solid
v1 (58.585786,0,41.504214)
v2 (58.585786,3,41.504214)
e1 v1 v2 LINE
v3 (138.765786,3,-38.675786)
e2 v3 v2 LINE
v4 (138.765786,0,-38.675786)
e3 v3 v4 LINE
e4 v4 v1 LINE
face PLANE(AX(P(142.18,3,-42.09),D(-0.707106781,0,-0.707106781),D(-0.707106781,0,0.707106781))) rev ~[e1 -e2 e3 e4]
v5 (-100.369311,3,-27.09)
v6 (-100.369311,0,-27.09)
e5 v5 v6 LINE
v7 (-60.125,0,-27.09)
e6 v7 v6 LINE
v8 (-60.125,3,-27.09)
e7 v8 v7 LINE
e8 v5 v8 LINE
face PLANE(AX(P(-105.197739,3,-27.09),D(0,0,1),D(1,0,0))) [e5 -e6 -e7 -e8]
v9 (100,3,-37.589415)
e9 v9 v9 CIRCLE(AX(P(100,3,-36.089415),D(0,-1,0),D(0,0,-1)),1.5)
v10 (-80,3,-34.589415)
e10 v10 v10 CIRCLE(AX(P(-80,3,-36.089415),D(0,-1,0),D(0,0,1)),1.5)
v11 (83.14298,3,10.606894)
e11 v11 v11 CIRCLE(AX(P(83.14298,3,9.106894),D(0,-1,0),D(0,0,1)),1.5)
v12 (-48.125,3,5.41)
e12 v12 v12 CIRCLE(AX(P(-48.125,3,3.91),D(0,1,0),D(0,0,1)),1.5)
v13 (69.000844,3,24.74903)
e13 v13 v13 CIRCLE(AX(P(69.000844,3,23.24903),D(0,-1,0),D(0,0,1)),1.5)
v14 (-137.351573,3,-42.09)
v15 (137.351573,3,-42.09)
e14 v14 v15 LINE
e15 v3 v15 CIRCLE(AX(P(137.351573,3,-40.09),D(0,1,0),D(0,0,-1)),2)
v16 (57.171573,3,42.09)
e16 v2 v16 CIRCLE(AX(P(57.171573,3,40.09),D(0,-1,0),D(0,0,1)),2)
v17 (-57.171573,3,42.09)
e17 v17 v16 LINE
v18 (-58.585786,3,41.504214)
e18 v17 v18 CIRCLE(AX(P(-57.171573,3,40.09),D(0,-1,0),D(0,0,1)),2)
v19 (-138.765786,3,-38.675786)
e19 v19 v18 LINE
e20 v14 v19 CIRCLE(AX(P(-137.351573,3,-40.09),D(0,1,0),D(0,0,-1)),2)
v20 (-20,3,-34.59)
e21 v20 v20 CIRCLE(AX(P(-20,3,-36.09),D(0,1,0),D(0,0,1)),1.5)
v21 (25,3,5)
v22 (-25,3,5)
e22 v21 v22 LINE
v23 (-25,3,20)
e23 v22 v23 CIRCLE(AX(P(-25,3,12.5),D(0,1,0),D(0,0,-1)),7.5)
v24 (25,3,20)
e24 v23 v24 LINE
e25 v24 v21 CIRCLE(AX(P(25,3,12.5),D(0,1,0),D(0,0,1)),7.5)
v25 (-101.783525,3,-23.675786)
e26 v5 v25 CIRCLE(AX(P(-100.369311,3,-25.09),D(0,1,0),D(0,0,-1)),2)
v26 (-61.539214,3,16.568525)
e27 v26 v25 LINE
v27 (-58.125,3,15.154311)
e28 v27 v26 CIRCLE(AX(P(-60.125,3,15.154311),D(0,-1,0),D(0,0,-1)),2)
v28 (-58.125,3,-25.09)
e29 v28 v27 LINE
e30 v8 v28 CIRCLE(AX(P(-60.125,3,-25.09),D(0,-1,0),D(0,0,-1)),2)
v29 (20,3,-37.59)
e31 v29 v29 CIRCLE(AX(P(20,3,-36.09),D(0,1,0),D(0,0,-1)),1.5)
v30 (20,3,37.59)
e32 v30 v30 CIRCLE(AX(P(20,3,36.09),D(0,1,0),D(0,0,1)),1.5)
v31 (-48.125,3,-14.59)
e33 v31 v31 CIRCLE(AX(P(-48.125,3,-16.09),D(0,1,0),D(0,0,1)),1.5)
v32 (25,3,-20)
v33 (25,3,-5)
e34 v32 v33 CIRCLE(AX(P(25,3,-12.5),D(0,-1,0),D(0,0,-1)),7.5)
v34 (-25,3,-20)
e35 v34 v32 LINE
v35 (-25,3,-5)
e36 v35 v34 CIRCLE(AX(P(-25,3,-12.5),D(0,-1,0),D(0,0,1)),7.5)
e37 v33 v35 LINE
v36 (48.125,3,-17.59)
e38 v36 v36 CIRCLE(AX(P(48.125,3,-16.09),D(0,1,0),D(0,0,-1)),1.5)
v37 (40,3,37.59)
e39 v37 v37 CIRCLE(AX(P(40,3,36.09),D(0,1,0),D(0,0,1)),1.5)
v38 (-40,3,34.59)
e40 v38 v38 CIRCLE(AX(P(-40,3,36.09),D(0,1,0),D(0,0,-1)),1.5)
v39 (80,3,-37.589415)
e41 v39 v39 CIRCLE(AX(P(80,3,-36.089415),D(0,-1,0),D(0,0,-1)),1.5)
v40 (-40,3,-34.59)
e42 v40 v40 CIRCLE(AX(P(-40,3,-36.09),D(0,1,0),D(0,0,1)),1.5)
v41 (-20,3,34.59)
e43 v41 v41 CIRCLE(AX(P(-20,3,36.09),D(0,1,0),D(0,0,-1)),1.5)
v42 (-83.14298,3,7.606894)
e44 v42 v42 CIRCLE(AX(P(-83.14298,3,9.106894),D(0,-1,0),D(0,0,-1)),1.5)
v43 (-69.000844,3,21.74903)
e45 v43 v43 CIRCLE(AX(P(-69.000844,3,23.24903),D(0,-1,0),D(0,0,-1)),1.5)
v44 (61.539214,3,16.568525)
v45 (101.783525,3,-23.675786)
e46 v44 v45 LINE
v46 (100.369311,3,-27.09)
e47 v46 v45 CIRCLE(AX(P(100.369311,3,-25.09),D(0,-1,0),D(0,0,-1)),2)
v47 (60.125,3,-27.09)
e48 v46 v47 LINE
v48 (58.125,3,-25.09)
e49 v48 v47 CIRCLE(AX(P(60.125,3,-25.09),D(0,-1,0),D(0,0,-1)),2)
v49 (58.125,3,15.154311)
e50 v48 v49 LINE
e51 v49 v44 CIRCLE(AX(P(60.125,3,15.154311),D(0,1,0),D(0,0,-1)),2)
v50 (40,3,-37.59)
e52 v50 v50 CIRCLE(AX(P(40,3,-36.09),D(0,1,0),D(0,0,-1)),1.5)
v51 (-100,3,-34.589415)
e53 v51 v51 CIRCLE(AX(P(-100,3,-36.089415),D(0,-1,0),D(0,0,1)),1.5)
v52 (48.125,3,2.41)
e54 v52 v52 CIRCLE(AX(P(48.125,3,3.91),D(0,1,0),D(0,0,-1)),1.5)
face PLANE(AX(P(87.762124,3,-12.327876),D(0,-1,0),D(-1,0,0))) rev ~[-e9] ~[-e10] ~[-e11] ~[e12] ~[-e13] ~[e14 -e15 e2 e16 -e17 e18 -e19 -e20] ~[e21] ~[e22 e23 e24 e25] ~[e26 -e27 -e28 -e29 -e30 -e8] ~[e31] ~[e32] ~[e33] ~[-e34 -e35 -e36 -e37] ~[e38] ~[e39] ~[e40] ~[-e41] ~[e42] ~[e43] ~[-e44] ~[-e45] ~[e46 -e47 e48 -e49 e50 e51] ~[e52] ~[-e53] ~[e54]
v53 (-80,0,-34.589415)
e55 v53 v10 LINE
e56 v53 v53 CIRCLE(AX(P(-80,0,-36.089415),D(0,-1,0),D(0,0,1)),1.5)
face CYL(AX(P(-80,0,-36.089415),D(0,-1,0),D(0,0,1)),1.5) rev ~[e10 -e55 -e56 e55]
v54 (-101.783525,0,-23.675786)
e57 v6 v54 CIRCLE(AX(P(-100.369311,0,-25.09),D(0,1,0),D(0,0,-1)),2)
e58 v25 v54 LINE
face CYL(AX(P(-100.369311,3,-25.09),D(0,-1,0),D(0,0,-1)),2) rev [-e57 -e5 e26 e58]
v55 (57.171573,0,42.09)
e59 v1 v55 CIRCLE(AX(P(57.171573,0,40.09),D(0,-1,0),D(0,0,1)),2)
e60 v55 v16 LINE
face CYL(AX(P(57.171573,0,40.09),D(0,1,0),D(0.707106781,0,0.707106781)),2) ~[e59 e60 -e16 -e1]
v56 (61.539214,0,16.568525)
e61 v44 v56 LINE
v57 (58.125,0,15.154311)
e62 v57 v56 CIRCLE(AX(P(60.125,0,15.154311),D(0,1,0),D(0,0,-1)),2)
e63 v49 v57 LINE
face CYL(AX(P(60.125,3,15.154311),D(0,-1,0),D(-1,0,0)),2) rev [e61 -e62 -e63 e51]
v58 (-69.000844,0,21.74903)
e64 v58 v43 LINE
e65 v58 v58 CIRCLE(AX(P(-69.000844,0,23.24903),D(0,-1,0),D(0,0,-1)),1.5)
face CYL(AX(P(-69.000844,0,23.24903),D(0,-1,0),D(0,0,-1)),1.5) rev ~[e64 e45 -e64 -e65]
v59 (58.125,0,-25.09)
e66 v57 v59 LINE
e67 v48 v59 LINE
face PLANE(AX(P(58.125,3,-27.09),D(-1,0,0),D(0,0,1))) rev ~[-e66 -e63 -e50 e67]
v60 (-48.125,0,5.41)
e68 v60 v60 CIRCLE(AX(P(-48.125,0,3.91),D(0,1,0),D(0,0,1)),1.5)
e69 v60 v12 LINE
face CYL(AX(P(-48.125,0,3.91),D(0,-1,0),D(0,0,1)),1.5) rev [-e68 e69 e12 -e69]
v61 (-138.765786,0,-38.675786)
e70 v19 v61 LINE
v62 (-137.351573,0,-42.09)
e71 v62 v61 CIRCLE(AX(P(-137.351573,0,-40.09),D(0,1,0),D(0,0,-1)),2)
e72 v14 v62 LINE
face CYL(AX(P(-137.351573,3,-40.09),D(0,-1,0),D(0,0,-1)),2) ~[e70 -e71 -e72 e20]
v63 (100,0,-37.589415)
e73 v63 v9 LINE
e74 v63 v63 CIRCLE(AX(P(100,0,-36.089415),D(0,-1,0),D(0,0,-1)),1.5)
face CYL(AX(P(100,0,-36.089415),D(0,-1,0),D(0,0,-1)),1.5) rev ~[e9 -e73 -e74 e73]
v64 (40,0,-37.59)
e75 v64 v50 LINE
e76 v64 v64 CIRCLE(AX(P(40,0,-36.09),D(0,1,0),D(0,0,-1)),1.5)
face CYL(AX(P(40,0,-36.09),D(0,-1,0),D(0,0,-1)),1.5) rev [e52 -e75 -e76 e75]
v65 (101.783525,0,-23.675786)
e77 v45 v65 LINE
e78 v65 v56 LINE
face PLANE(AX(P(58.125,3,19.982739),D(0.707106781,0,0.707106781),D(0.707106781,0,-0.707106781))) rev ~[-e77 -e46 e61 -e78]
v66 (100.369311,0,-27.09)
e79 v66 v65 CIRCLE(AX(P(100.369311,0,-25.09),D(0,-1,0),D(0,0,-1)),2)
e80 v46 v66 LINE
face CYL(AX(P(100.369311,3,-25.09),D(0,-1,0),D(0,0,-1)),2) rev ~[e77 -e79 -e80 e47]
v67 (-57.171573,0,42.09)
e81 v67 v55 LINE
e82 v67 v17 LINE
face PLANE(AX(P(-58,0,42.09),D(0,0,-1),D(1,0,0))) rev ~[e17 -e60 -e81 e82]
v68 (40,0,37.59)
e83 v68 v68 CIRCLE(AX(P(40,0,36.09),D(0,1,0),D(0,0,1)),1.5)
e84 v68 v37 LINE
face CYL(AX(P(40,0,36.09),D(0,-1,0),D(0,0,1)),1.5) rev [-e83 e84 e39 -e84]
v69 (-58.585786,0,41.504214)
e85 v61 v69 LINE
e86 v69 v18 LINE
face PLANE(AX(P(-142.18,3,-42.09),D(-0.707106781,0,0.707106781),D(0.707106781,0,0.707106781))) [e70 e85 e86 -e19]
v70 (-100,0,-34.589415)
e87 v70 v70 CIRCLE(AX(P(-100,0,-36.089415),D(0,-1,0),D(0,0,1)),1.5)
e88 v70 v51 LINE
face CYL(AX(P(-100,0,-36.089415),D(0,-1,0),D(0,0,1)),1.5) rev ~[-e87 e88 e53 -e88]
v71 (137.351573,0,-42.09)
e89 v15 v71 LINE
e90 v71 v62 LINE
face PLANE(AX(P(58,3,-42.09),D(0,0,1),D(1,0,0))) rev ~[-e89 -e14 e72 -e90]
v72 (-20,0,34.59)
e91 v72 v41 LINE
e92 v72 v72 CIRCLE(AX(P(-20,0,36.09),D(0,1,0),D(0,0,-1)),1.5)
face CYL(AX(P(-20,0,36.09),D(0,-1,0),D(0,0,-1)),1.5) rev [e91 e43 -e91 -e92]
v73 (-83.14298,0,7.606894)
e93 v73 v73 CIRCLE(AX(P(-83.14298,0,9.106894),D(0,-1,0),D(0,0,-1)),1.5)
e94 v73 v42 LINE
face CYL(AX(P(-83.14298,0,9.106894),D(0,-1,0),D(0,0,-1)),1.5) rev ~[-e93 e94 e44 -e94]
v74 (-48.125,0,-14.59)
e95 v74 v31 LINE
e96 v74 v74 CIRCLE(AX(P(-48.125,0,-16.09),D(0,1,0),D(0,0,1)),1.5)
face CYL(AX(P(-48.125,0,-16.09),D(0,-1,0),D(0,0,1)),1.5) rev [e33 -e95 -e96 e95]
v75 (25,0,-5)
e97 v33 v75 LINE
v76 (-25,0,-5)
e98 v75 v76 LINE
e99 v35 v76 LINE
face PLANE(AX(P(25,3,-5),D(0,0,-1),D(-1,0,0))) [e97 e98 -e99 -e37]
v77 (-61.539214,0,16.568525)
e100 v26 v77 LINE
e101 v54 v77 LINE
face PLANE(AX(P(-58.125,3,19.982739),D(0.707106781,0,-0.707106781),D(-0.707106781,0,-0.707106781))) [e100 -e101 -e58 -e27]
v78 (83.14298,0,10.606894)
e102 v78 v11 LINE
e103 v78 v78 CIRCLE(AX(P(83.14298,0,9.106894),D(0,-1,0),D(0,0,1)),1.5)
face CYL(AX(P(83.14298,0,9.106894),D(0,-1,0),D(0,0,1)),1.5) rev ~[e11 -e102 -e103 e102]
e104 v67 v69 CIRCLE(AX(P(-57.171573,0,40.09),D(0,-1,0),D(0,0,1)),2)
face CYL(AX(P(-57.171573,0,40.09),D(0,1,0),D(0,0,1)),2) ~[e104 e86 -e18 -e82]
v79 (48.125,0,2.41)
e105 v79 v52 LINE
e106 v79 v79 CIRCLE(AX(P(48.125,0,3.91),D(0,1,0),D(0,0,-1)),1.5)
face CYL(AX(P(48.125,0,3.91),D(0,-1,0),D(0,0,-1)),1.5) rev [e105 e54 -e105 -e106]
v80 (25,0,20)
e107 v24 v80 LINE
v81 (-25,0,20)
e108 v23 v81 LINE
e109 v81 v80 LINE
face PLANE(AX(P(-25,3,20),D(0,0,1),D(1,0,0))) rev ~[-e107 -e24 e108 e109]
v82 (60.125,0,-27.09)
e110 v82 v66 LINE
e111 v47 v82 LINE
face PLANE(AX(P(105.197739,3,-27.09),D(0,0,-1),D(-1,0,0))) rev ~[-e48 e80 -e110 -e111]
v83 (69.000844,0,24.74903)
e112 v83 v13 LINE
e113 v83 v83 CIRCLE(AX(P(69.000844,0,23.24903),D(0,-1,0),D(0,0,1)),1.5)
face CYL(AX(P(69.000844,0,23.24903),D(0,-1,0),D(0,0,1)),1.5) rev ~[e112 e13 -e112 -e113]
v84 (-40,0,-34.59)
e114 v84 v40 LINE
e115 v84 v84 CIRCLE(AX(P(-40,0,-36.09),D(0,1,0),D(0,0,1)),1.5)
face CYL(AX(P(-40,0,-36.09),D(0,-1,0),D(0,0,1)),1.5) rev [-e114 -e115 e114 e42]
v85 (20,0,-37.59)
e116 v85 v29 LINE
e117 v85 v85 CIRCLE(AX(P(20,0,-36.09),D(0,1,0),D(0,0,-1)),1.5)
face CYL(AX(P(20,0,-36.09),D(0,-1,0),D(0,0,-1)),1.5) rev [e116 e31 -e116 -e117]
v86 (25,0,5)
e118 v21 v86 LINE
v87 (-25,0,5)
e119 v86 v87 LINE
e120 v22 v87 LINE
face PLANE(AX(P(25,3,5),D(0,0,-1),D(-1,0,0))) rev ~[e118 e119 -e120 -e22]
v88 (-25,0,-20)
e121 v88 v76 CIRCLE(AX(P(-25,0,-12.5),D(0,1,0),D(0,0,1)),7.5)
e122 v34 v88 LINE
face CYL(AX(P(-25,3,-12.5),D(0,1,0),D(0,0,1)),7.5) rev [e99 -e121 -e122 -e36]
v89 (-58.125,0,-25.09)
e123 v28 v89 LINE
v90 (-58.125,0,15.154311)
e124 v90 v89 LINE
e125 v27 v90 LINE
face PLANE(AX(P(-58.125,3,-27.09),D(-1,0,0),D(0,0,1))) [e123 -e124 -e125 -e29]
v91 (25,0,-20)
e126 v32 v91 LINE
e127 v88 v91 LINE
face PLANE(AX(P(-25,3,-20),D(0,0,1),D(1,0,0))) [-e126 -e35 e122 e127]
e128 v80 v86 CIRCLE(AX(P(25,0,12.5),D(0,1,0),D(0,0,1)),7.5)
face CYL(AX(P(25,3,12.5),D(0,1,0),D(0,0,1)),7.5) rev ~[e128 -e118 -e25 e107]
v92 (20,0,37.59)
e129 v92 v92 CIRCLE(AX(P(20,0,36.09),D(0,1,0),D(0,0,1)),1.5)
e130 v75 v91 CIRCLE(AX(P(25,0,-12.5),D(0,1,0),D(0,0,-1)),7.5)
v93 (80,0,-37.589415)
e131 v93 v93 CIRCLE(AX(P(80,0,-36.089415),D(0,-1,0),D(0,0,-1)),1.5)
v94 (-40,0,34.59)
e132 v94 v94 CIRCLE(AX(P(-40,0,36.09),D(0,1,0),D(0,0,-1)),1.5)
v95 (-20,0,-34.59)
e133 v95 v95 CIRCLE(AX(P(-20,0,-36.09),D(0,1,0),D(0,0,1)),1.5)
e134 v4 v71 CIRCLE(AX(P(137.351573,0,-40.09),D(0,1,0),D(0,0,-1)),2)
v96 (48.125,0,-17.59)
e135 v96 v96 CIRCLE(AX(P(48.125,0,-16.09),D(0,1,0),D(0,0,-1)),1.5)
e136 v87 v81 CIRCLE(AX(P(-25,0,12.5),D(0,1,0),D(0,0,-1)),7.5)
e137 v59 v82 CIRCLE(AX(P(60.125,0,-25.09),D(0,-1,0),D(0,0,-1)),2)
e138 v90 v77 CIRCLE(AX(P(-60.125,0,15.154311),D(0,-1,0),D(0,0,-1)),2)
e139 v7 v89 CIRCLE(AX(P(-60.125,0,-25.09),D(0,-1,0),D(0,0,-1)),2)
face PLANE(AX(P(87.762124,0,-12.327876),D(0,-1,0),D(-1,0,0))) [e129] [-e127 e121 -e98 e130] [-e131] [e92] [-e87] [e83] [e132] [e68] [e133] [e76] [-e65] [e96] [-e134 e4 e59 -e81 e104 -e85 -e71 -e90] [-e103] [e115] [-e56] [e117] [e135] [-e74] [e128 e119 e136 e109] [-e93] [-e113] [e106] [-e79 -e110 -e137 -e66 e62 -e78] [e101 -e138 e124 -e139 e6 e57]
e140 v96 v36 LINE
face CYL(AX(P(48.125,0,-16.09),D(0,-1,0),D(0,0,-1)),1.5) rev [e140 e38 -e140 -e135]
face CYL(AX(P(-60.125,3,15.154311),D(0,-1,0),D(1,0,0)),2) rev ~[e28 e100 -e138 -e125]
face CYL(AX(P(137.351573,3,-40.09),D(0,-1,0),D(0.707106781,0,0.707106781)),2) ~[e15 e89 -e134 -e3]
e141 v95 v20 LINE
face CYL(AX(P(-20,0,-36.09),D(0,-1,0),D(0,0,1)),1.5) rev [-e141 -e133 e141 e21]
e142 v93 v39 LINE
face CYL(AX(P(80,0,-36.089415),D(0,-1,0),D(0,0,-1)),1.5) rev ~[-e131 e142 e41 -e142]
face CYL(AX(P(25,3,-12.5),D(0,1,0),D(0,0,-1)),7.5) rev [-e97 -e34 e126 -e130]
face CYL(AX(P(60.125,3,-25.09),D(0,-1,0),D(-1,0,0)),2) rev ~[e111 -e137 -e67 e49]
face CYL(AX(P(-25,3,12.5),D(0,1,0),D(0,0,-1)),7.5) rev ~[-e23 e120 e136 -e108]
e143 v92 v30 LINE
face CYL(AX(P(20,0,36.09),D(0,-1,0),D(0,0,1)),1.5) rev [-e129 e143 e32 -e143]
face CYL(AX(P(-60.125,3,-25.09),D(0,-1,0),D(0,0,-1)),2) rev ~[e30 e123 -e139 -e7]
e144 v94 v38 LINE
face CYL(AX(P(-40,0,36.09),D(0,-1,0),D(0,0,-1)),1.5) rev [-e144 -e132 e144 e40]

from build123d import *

# Parameters (mm, degrees)
SKETCH_1_W          = 116
SKETCH_1_H          = 84.18
SKETCH_1_R          = 1.5
EXTRUDE_1_DEPTH     = 3
CUT_EXTRUDE_1_DEPTH = 10
EXTRUDE_2_DEPTH     = 3
SKETCH_10_R         = 1.5
CUT_EXTRUDE_2_DEPTH = 149.309542849
CUT_EXTRUDE_3_DEPTH = 149.309542849
FILLET_2_R          = 2
FILLET_3_R          = 2
SKETCH_12_R         = 1.5
CUT_EXTRUDE_4_DEPTH = 10


with BuildPart() as part:
    # 草图1 → 凸台-拉伸1 (new body)
    with BuildSketch(Plane(origin=(0, 0, 0), x_dir=(1, 0, 0), z_dir=(0, 1, 0))):
        Rectangle(SKETCH_1_W, SKETCH_1_H)
        with Locations(Location((-40, 36.09, 0), (0, 0, 270))):
            Circle(SKETCH_1_R, mode=Mode.SUBTRACT)
        with Locations(Location((-20, 36.09, 0), (0, 0, 270))):
            Circle(SKETCH_1_R, mode=Mode.SUBTRACT)
        with Locations(Location((-48.125, 16.09, 0), (0, 0, 270))):
            Circle(SKETCH_1_R, mode=Mode.SUBTRACT)
        with Locations(Location((-48.125, -3.91, 0), (0, 0, 270))):
            Circle(SKETCH_1_R, mode=Mode.SUBTRACT)
        with Locations(Location((48.125, -3.91, 0), (0, 0, 90))):
            Circle(SKETCH_1_R, mode=Mode.SUBTRACT)
        with Locations(Location((48.125, 16.09, 0), (0, 0, 90))):
            Circle(SKETCH_1_R, mode=Mode.SUBTRACT)
        with Locations(Location((20, 36.09, 0), (0, 0, 90))):
            Circle(SKETCH_1_R, mode=Mode.SUBTRACT)
        with Locations(Location((40, 36.09, 0), (0, 0, 90))):
            Circle(SKETCH_1_R, mode=Mode.SUBTRACT)
        with Locations(Location((40, -36.09, 0), (0, 0, 270))):
            Circle(SKETCH_1_R, mode=Mode.SUBTRACT)
        with Locations(Location((20, -36.09, 0), (0, 0, 270))):
            Circle(SKETCH_1_R, mode=Mode.SUBTRACT)
        with Locations(Location((-20, -36.09, 0), (0, 0, 90))):
            Circle(SKETCH_1_R, mode=Mode.SUBTRACT)
        with Locations(Location((-40, -36.09, 0), (0, 0, 90))):
            Circle(SKETCH_1_R, mode=Mode.SUBTRACT)
    extrude(amount=EXTRUDE_1_DEPTH)

    # 草图2 → 切除-拉伸1 (cut)
    with BuildSketch(Plane(origin=(0, 3, 0), x_dir=(1, 0, 0), z_dir=(0, 1, 0))):
        with BuildLine():
            Line((-25, 20), (25, 20))
            ThreePointArc((25, 20), (32.5, 12.5), (25, 5))
            Line((25, 5), (-25, 5))
            ThreePointArc((-25, 5), (-32.5, 12.5), (-25, 20))
        make_face()
        with BuildLine():
            Line((-25, -20), (25, -20))
            ThreePointArc((25, -20), (32.5, -12.5), (25, -5))
            Line((25, -5), (-25, -5))
            ThreePointArc((-25, -5), (-32.5, -12.5), (-25, -20))
        make_face()
    extrude(amount=-CUT_EXTRUDE_1_DEPTH, mode=Mode.SUBTRACT)

    # 草图4 → 凸台-拉伸2 (add)
    with BuildSketch(Plane(origin=(0, 3, 0), x_dir=(1, 0, 0), z_dir=(0, 1, 0))):
        Polygon((58, 42.09), (142.18, 42.09), (58, -42.09), align=None)
        Polygon((-58, -42.09), (-58, 42.09), (-142.18, 42.09), align=None)
    extrude(amount=-EXTRUDE_2_DEPTH)

    # 草图10 → 切除-拉伸2 (cut, through all)
    with BuildSketch(Plane(origin=(0, 0, 0), x_dir=(-1, 0, 0), z_dir=(0, -1, 0))):
        with Locations(Location((69.000844337, -23.24902983, 0), (0, 0, 90))):
            Circle(SKETCH_10_R)
        with Locations(Location((83.142979961, -9.106894206, 0), (0, 0, 90))):
            Circle(SKETCH_10_R)
        with Locations(Location((-83.142979961, -9.106894206, 0), (0, 0, 270))):
            Circle(SKETCH_10_R)
        with Locations(Location((-69.000844337, -23.24902983, 0), (0, 0, 270))):
            Circle(SKETCH_10_R)
    extrude(amount=-CUT_EXTRUDE_2_DEPTH, mode=Mode.SUBTRACT)

    # 草图11 → 切除-拉伸3 (cut, through all)
    with BuildSketch(Plane(origin=(0, 3, 0), x_dir=(1, 0, 0), z_dir=(0, 1, 0))):
        Polygon((-105.197738543, 27.09), (-58.125, 27.09), (-58.125, -19.982738543), align=None)
        Polygon((58.125, -19.982738543), (105.197738543, 27.09), (58.125, 27.09), align=None)
    extrude(amount=-CUT_EXTRUDE_3_DEPTH, mode=Mode.SUBTRACT)

    # 圆角2
    fillet_2_edges = [part.edges().sort_by_distance(p)[0] for p in [
        (-58.125, 1.5, 19.982738543),
        (-105.197738543, 1.5, -27.09),
        (-58.125, 1.5, -27.09),
        (58.125, 1.5, 19.982738543),
        (58.125, 1.5, -27.09),
        (105.197738543, 1.5, -27.09),
    ]]
    fillet(fillet_2_edges, radius=FILLET_2_R)

    # 圆角3
    fillet_3_edges = [part.edges().sort_by_distance(p)[0] for p in [
        (142.18, 1.5, -42.09),
        (-142.18, 1.5, -42.09),
        (58, 1.5, 42.09),
        (-58, 1.5, 42.09),
    ]]
    fillet(fillet_3_edges, radius=FILLET_3_R)

    # 草图12 → 切除-拉伸4 (cut)
    with BuildSketch(Plane(origin=(0, 0, 0), x_dir=(-1, 0, 0), z_dir=(0, -1, 0))):
        with Locations(Location((-100, 36.089415022, 0), (0, 0, 90))):
            Circle(SKETCH_12_R)
        with Locations(Location((-80, 36.089415022, 0), (0, 0, 90))):
            Circle(SKETCH_12_R)
        with Locations(Location((80, 36.089415022, 0), (0, 0, 270))):
            Circle(SKETCH_12_R)
        with Locations(Location((100, 36.089415022, 0), (0, 0, 270))):
            Circle(SKETCH_12_R)
    extrude(amount=-CUT_EXTRUDE_4_DEPTH, mode=Mode.SUBTRACT)


solid = part.part
